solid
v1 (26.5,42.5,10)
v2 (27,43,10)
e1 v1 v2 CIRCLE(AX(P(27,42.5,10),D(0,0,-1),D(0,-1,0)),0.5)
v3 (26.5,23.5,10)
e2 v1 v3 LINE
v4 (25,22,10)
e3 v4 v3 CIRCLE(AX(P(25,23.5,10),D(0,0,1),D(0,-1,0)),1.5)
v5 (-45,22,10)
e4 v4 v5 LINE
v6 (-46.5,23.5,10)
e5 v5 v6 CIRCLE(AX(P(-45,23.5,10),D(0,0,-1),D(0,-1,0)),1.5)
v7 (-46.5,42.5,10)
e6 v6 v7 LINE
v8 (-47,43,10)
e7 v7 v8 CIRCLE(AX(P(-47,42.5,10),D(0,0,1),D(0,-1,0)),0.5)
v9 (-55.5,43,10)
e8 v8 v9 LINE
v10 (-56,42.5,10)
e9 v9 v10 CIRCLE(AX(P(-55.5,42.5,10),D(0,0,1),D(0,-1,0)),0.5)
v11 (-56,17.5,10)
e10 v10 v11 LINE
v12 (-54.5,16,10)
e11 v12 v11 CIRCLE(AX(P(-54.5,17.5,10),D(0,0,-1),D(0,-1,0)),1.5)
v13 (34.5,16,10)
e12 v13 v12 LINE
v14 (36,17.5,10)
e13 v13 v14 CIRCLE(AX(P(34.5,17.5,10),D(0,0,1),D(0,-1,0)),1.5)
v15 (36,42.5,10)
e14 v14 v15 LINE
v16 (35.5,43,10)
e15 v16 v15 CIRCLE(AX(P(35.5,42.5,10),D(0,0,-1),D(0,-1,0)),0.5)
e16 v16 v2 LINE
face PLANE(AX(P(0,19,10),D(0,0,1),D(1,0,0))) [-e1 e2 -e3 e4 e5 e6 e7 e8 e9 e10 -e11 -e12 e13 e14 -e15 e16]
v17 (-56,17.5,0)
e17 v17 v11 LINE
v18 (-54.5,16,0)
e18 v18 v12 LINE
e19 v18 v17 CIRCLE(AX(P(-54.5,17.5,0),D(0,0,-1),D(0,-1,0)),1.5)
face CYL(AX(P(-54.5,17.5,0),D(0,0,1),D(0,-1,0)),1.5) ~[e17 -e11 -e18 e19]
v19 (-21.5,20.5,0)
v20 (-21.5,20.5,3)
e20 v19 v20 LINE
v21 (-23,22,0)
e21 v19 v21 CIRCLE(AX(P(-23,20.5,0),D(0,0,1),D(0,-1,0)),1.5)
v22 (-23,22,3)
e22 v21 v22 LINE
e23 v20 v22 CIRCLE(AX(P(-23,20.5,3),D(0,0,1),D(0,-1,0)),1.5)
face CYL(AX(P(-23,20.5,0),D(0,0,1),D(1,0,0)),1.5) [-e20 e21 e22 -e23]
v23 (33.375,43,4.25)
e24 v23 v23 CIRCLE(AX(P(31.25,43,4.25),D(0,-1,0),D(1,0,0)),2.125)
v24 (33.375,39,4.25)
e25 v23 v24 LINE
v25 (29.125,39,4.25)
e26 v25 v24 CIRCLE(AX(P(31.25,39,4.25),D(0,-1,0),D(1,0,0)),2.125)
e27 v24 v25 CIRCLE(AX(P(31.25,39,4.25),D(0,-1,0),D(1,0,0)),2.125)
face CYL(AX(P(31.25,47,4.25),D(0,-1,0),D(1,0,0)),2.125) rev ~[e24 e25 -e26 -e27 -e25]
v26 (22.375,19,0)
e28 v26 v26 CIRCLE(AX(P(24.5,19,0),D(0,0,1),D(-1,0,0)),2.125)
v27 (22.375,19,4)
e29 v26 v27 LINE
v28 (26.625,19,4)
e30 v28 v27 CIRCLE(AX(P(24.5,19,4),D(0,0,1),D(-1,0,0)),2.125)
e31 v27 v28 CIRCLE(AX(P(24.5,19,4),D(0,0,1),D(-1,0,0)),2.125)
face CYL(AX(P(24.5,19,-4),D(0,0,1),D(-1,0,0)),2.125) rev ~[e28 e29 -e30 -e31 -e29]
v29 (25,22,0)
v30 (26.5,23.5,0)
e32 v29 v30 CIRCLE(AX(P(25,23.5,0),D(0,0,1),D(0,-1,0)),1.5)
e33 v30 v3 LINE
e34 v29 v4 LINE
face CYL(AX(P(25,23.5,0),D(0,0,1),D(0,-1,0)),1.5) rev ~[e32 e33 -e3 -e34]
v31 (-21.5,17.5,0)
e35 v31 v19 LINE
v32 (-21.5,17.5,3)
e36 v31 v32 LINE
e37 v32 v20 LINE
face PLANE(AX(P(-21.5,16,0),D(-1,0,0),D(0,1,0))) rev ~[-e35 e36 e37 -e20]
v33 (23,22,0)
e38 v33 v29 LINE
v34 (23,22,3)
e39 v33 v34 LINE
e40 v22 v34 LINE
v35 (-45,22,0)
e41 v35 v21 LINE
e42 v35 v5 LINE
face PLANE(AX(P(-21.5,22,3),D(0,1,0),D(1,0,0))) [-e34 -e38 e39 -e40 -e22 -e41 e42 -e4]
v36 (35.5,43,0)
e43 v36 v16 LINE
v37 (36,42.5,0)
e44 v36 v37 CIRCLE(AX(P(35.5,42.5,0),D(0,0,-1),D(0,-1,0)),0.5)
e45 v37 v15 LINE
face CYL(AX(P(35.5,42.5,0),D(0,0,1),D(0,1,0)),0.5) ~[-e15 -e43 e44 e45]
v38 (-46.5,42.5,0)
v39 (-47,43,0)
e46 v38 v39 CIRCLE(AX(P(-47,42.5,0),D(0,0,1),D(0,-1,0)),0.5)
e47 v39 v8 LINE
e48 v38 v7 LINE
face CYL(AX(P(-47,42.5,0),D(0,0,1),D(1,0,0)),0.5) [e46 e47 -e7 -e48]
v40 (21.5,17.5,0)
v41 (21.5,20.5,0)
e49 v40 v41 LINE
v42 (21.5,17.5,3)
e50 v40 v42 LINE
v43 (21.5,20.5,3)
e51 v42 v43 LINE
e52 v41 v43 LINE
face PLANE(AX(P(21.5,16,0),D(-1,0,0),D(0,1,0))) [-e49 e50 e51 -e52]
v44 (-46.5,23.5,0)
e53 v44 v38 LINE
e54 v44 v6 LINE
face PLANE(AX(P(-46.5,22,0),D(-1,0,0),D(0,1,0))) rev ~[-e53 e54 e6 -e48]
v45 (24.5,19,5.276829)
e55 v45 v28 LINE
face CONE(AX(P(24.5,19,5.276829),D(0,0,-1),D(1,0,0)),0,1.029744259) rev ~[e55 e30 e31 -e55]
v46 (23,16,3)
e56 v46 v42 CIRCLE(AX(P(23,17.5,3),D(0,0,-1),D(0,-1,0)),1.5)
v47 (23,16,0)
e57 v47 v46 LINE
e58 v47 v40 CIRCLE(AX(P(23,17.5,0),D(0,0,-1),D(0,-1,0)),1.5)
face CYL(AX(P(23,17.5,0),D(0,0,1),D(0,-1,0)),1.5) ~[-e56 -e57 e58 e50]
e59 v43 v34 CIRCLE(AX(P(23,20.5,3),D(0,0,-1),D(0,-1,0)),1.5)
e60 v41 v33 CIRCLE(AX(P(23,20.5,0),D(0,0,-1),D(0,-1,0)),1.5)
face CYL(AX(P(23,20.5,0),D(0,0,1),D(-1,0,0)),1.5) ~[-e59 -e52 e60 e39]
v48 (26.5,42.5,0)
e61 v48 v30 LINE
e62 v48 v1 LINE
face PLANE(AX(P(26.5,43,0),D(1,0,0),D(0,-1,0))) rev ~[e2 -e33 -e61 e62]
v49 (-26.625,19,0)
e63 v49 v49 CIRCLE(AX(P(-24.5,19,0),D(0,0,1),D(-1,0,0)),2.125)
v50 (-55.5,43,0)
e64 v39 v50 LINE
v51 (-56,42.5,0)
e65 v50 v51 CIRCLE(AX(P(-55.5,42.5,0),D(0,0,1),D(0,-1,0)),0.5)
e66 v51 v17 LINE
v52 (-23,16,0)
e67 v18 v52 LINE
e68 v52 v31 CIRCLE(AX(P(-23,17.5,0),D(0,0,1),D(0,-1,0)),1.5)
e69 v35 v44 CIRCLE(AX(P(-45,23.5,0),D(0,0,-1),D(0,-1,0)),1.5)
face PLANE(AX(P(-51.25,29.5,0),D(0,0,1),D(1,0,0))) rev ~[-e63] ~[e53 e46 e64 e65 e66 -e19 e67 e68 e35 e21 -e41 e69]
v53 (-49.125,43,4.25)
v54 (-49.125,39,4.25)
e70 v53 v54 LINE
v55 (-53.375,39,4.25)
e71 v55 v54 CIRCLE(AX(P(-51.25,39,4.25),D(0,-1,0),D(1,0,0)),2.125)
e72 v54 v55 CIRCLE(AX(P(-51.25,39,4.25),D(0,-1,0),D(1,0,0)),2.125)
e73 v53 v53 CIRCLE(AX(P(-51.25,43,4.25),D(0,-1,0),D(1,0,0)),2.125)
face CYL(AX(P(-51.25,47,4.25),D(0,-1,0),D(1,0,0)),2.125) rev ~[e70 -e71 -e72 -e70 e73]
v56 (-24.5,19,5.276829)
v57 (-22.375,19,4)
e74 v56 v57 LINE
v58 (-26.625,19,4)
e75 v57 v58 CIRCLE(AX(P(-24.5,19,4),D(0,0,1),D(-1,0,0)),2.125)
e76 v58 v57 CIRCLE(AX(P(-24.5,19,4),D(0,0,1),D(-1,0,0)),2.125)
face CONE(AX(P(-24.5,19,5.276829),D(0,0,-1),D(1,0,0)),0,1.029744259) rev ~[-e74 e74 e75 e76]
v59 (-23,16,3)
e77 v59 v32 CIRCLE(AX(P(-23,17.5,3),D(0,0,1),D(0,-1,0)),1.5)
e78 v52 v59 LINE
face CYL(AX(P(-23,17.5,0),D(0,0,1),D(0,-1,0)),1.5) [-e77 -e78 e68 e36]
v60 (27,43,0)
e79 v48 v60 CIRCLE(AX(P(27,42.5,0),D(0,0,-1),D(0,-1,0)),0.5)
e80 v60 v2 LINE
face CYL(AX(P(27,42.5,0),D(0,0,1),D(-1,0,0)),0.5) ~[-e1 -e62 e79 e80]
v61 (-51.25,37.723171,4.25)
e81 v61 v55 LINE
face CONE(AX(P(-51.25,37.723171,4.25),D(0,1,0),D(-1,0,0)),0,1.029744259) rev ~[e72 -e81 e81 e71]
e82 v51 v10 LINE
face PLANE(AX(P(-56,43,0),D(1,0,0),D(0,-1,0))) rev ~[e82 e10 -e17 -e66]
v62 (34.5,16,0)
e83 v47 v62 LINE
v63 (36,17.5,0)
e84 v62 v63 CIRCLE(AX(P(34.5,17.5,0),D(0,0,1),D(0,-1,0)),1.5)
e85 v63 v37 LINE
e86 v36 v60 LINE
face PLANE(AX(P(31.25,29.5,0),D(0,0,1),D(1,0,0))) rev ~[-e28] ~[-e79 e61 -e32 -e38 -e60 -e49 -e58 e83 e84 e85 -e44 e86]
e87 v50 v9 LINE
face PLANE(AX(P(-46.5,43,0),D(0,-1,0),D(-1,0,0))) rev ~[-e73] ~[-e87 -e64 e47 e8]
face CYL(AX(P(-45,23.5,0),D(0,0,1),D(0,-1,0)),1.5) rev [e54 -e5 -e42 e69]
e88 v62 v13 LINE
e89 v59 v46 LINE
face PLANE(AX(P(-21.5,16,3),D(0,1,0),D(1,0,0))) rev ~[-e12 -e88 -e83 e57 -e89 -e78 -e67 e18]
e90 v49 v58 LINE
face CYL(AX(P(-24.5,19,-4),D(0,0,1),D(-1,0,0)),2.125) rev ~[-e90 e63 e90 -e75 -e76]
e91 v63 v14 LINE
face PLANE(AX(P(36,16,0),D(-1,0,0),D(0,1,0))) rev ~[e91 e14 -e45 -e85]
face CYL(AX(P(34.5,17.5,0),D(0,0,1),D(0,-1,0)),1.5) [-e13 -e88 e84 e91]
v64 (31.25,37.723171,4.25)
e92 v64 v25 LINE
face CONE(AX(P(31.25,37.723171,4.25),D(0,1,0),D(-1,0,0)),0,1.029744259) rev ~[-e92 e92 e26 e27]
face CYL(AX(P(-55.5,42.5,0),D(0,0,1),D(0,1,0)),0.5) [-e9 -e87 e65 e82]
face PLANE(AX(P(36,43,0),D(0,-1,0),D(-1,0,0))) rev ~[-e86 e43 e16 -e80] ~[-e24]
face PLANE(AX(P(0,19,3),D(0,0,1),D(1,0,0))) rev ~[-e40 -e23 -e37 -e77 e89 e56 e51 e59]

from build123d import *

# Parameters (mm, degrees)
F1_W     = 5
F1_H     = 6
F2_DEPTH = 10
F1_W_2   = 25
F3_START = 3
F1_W_3   = 43
F3_DEPTH = 7
F5_D     = 4.25
F5_DEPTH = 4
F5_TIP   = 1.2768288154
F6_D     = 4.25
F6_DEPTH = 4
F6_TIP   = 1.2768288154
F7_R     = 1.5
F8_R     = 0.5


with BuildPart() as f2:
    # F1 (on Top) → F2 (new body)
    with BuildSketch(Plane.XY):
        Polygon((36, 43), (26.5, 43), (26.5, 22), (26.5, 16), (36, 16), align=None)
        with Locations((24, 19)):
            Rectangle(F1_W, F1_H)
    extrude(amount=F2_DEPTH)



with BuildPart() as f2b:
    # F1 (on Top) → F2, piece 2 (new body)
    with BuildSketch(Plane.XY):
        Polygon((-46.5, 16), (-46.5, 22), (-46.5, 43), (-56, 43), (-56, 16), align=None)
        with Locations((-34, 19)):
            Rectangle(F1_W_2, F1_H)
    extrude(amount=F2_DEPTH)


with BuildPart() as f2_1:
    add(f2.part)

    add(f2b.part)  # F3 merges F2b
    # F1 (on Top) → F3 (join)
    with BuildSketch(Plane.XY.offset(F3_START)):
        with Locations((0, 19)):
            Rectangle(F1_W_3, F1_H)
    extrude(amount=F3_DEPTH)

    # F5
    with Locations(Plane(origin=(0, 43, 0), x_dir=(-1, 0, 0), z_dir=(0, 1, 0))):
        with Locations((-31.25, 4.25), (51.25, 4.25)):
            Hole(F5_D / 2, depth=F5_DEPTH)
            with Locations((0, 0, -(F5_DEPTH + F5_TIP / 2))):  # 118° drill point
                Cone(0, F5_D / 2, F5_TIP, mode=Mode.SUBTRACT)

    # F6
    with Locations(Plane(origin=(0, 0, 0), x_dir=(1, 0, 0), z_dir=(0, 0, -1))):
        with Locations((24.5, -19), (-24.5, -19)):
            Hole(F6_D / 2, depth=F6_DEPTH)
            with Locations((0, 0, -(F6_DEPTH + F6_TIP / 2))):  # 118° drill point
                Cone(0, F6_D / 2, F6_TIP, mode=Mode.SUBTRACT)

    # F7
    f7_edges = [f2_1.edges().sort_by_distance(p)[0] for p in [
        (26.5, 22, 5),
        (-46.5, 22, 5),
        (36, 16, 5),
        (-56, 16, 5),
        (21.5, 22, 1.5),
        (21.5, 16, 1.5),
        (-21.5, 22, 1.5),
        (-21.5, 16, 1.5),
    ]]
    fillet(f7_edges, radius=F7_R)

    # F8
    f8_edges = [f2_1.edges().sort_by_distance(p)[0] for p in [
        (36, 43, 5),
        (26.5, 43, 5),
        (-46.5, 43, 5),
        (-56, 43, 5),
    ]]
    fillet(f8_edges, radius=F8_R)


solid = f2_1.part
